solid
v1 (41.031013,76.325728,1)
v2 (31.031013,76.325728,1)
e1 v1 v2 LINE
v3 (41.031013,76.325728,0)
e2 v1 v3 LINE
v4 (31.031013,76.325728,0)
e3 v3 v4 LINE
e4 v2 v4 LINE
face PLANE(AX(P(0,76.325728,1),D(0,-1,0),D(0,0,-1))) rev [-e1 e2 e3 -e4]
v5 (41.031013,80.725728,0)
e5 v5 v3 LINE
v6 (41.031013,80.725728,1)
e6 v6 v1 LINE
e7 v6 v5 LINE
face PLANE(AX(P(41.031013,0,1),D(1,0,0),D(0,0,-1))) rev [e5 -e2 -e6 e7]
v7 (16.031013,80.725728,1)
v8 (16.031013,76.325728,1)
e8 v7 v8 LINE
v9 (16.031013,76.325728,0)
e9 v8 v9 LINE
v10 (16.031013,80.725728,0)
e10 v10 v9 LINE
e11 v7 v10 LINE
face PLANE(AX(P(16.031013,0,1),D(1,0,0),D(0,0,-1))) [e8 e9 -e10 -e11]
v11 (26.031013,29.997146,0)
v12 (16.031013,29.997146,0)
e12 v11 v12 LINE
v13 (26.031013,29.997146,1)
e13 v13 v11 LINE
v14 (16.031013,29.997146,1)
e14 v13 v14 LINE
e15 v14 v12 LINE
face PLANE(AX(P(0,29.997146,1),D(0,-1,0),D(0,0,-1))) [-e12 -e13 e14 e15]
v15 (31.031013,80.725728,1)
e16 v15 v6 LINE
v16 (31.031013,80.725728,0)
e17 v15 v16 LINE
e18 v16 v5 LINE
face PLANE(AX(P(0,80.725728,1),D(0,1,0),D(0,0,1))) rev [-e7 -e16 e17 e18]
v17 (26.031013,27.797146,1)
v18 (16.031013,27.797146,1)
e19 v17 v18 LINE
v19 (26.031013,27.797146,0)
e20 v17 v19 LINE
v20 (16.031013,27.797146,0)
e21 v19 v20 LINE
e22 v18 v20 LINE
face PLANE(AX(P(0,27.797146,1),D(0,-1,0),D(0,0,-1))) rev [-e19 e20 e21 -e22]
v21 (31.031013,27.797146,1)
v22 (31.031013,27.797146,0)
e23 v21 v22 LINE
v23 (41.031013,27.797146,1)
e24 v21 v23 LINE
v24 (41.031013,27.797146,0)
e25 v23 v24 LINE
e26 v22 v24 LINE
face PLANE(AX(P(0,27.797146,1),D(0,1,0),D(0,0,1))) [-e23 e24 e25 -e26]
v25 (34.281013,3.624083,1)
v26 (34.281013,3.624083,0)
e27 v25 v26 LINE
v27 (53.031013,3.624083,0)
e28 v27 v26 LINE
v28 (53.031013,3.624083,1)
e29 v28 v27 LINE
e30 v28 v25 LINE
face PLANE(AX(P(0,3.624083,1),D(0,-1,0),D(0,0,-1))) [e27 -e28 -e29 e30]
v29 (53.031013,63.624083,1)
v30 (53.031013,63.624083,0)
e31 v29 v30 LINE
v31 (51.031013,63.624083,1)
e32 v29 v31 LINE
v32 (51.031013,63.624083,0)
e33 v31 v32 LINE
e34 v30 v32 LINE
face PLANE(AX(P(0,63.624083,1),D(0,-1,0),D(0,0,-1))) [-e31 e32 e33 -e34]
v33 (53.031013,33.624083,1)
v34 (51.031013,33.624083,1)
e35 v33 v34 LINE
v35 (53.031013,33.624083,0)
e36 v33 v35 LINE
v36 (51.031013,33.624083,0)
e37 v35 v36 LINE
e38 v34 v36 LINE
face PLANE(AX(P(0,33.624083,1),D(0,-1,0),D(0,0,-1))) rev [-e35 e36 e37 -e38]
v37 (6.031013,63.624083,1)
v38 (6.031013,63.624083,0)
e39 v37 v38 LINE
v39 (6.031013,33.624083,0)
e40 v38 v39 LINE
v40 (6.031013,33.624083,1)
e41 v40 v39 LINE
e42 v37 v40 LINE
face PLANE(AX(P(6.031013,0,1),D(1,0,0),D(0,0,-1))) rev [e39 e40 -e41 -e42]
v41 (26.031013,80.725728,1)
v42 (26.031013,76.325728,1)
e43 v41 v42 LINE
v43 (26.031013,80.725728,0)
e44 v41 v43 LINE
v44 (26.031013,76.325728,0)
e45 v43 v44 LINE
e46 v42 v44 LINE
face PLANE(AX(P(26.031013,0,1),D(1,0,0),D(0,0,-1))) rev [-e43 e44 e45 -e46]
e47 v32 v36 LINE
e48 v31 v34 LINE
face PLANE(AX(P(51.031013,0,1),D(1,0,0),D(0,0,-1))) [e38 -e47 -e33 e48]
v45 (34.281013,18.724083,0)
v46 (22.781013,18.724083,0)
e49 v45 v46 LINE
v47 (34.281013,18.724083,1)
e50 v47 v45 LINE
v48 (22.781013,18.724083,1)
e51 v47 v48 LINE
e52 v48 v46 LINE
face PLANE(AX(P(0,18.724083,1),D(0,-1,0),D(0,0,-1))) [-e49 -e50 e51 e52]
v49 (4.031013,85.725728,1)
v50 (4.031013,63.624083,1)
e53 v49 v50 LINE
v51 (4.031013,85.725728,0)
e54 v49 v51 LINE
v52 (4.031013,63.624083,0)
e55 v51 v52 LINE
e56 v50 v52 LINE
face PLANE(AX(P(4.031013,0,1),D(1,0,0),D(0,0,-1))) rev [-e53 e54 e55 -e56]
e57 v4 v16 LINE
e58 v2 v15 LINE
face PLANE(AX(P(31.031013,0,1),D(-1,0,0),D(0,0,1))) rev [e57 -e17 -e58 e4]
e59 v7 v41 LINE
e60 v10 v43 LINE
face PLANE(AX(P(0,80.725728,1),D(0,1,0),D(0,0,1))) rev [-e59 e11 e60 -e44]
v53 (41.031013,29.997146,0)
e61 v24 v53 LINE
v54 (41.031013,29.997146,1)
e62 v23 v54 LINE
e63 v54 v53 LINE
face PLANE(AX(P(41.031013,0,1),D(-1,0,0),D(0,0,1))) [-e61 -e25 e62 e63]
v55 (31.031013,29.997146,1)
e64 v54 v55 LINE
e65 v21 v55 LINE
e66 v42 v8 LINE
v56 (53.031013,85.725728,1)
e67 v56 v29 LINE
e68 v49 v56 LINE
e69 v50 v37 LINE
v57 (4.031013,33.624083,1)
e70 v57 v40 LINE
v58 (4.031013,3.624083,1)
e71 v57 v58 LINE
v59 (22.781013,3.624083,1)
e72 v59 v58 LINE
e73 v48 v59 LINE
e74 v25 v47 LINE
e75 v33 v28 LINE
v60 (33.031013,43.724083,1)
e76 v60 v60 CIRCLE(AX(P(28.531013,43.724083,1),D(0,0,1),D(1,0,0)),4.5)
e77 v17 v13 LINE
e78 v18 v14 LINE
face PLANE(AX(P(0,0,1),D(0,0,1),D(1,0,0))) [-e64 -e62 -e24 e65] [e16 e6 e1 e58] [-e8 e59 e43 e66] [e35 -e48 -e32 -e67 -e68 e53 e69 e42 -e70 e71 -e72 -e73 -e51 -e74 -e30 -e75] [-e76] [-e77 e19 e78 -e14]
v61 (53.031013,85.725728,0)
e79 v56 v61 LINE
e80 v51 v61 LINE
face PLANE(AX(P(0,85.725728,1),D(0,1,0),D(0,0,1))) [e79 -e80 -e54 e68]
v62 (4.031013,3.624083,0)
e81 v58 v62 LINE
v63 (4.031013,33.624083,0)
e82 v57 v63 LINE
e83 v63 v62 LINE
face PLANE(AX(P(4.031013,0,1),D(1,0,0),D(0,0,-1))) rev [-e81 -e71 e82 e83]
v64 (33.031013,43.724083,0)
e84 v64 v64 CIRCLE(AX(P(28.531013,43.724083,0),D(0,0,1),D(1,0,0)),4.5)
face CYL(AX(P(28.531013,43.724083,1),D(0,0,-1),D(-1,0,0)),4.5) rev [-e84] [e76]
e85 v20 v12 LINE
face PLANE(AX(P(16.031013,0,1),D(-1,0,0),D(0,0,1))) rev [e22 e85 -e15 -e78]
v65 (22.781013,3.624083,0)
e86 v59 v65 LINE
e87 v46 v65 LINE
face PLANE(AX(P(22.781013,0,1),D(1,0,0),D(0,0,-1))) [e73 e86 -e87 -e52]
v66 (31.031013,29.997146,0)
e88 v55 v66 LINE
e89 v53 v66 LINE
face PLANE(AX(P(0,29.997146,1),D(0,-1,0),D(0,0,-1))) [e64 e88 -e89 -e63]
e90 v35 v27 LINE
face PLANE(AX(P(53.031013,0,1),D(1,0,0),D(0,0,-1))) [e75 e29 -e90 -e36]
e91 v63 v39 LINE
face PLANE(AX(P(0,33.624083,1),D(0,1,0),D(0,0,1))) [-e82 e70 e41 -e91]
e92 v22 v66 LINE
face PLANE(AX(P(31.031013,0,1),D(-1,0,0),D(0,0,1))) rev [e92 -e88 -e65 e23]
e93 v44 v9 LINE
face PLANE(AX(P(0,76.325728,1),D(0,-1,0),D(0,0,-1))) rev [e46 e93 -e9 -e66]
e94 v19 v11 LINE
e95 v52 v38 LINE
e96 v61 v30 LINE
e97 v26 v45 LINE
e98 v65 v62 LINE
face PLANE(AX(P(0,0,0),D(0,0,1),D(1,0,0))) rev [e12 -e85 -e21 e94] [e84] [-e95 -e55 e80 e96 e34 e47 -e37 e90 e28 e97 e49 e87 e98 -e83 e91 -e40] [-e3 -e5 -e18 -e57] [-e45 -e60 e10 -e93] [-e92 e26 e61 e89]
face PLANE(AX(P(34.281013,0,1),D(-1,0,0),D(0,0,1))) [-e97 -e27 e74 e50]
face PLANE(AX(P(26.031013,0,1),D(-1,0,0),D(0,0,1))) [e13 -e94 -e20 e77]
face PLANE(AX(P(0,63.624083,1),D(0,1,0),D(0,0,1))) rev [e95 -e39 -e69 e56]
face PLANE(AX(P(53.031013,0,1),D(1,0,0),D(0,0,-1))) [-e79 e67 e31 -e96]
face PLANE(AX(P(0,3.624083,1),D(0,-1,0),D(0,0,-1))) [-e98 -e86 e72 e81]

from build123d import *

# Parameters (mm, degrees)
MODEL_R         = 4.5
MODEL_W         = 10
MODEL_H         = 4.4
MODEL_H_2       = 2.2
EXTRUDE_1_DEPTH = 1


with BuildPart() as part:
    # Model → 凸台-拉伸1 (new body)
    with BuildSketch(Plane.XY):
        Polygon((4.031012873, 85.725728146), (53.031012873, 85.725728146), (53.031012873, 63.624082732), (51.031012873, 63.624082732), (51.031012873, 33.624082732), (53.031012873, 33.624082732), (53.031012873, 3.624082732), (34.281012873, 3.624082732), (34.281012873, 18.724082732), (28.531012873, 18.724082732), (22.781012873, 18.724082732), (22.781012873, 3.624082732), (4.031012873, 3.624082732), (4.031012873, 33.624082732), (6.031012873, 33.624082732), (6.031012873, 63.624082732), (4.031012873, 63.624082732), align=None)
        with Locations((28.531012873, 43.724082732)):
            Circle(MODEL_R, mode=Mode.SUBTRACT)
        with Locations((36.031012873, 78.525728146)):
            Rectangle(MODEL_W, MODEL_H, mode=Mode.SUBTRACT)
        with Locations((21.031012873, 78.525728146)):
            Rectangle(MODEL_W, MODEL_H, mode=Mode.SUBTRACT)
        with Locations((21.031012873, 28.897146128)):
            Rectangle(MODEL_W, MODEL_H_2, mode=Mode.SUBTRACT)
        with Locations((36.031012873, 28.897146128)):
            Rectangle(MODEL_W, MODEL_H_2, mode=Mode.SUBTRACT)
    extrude(amount=EXTRUDE_1_DEPTH)


solid = part.part
